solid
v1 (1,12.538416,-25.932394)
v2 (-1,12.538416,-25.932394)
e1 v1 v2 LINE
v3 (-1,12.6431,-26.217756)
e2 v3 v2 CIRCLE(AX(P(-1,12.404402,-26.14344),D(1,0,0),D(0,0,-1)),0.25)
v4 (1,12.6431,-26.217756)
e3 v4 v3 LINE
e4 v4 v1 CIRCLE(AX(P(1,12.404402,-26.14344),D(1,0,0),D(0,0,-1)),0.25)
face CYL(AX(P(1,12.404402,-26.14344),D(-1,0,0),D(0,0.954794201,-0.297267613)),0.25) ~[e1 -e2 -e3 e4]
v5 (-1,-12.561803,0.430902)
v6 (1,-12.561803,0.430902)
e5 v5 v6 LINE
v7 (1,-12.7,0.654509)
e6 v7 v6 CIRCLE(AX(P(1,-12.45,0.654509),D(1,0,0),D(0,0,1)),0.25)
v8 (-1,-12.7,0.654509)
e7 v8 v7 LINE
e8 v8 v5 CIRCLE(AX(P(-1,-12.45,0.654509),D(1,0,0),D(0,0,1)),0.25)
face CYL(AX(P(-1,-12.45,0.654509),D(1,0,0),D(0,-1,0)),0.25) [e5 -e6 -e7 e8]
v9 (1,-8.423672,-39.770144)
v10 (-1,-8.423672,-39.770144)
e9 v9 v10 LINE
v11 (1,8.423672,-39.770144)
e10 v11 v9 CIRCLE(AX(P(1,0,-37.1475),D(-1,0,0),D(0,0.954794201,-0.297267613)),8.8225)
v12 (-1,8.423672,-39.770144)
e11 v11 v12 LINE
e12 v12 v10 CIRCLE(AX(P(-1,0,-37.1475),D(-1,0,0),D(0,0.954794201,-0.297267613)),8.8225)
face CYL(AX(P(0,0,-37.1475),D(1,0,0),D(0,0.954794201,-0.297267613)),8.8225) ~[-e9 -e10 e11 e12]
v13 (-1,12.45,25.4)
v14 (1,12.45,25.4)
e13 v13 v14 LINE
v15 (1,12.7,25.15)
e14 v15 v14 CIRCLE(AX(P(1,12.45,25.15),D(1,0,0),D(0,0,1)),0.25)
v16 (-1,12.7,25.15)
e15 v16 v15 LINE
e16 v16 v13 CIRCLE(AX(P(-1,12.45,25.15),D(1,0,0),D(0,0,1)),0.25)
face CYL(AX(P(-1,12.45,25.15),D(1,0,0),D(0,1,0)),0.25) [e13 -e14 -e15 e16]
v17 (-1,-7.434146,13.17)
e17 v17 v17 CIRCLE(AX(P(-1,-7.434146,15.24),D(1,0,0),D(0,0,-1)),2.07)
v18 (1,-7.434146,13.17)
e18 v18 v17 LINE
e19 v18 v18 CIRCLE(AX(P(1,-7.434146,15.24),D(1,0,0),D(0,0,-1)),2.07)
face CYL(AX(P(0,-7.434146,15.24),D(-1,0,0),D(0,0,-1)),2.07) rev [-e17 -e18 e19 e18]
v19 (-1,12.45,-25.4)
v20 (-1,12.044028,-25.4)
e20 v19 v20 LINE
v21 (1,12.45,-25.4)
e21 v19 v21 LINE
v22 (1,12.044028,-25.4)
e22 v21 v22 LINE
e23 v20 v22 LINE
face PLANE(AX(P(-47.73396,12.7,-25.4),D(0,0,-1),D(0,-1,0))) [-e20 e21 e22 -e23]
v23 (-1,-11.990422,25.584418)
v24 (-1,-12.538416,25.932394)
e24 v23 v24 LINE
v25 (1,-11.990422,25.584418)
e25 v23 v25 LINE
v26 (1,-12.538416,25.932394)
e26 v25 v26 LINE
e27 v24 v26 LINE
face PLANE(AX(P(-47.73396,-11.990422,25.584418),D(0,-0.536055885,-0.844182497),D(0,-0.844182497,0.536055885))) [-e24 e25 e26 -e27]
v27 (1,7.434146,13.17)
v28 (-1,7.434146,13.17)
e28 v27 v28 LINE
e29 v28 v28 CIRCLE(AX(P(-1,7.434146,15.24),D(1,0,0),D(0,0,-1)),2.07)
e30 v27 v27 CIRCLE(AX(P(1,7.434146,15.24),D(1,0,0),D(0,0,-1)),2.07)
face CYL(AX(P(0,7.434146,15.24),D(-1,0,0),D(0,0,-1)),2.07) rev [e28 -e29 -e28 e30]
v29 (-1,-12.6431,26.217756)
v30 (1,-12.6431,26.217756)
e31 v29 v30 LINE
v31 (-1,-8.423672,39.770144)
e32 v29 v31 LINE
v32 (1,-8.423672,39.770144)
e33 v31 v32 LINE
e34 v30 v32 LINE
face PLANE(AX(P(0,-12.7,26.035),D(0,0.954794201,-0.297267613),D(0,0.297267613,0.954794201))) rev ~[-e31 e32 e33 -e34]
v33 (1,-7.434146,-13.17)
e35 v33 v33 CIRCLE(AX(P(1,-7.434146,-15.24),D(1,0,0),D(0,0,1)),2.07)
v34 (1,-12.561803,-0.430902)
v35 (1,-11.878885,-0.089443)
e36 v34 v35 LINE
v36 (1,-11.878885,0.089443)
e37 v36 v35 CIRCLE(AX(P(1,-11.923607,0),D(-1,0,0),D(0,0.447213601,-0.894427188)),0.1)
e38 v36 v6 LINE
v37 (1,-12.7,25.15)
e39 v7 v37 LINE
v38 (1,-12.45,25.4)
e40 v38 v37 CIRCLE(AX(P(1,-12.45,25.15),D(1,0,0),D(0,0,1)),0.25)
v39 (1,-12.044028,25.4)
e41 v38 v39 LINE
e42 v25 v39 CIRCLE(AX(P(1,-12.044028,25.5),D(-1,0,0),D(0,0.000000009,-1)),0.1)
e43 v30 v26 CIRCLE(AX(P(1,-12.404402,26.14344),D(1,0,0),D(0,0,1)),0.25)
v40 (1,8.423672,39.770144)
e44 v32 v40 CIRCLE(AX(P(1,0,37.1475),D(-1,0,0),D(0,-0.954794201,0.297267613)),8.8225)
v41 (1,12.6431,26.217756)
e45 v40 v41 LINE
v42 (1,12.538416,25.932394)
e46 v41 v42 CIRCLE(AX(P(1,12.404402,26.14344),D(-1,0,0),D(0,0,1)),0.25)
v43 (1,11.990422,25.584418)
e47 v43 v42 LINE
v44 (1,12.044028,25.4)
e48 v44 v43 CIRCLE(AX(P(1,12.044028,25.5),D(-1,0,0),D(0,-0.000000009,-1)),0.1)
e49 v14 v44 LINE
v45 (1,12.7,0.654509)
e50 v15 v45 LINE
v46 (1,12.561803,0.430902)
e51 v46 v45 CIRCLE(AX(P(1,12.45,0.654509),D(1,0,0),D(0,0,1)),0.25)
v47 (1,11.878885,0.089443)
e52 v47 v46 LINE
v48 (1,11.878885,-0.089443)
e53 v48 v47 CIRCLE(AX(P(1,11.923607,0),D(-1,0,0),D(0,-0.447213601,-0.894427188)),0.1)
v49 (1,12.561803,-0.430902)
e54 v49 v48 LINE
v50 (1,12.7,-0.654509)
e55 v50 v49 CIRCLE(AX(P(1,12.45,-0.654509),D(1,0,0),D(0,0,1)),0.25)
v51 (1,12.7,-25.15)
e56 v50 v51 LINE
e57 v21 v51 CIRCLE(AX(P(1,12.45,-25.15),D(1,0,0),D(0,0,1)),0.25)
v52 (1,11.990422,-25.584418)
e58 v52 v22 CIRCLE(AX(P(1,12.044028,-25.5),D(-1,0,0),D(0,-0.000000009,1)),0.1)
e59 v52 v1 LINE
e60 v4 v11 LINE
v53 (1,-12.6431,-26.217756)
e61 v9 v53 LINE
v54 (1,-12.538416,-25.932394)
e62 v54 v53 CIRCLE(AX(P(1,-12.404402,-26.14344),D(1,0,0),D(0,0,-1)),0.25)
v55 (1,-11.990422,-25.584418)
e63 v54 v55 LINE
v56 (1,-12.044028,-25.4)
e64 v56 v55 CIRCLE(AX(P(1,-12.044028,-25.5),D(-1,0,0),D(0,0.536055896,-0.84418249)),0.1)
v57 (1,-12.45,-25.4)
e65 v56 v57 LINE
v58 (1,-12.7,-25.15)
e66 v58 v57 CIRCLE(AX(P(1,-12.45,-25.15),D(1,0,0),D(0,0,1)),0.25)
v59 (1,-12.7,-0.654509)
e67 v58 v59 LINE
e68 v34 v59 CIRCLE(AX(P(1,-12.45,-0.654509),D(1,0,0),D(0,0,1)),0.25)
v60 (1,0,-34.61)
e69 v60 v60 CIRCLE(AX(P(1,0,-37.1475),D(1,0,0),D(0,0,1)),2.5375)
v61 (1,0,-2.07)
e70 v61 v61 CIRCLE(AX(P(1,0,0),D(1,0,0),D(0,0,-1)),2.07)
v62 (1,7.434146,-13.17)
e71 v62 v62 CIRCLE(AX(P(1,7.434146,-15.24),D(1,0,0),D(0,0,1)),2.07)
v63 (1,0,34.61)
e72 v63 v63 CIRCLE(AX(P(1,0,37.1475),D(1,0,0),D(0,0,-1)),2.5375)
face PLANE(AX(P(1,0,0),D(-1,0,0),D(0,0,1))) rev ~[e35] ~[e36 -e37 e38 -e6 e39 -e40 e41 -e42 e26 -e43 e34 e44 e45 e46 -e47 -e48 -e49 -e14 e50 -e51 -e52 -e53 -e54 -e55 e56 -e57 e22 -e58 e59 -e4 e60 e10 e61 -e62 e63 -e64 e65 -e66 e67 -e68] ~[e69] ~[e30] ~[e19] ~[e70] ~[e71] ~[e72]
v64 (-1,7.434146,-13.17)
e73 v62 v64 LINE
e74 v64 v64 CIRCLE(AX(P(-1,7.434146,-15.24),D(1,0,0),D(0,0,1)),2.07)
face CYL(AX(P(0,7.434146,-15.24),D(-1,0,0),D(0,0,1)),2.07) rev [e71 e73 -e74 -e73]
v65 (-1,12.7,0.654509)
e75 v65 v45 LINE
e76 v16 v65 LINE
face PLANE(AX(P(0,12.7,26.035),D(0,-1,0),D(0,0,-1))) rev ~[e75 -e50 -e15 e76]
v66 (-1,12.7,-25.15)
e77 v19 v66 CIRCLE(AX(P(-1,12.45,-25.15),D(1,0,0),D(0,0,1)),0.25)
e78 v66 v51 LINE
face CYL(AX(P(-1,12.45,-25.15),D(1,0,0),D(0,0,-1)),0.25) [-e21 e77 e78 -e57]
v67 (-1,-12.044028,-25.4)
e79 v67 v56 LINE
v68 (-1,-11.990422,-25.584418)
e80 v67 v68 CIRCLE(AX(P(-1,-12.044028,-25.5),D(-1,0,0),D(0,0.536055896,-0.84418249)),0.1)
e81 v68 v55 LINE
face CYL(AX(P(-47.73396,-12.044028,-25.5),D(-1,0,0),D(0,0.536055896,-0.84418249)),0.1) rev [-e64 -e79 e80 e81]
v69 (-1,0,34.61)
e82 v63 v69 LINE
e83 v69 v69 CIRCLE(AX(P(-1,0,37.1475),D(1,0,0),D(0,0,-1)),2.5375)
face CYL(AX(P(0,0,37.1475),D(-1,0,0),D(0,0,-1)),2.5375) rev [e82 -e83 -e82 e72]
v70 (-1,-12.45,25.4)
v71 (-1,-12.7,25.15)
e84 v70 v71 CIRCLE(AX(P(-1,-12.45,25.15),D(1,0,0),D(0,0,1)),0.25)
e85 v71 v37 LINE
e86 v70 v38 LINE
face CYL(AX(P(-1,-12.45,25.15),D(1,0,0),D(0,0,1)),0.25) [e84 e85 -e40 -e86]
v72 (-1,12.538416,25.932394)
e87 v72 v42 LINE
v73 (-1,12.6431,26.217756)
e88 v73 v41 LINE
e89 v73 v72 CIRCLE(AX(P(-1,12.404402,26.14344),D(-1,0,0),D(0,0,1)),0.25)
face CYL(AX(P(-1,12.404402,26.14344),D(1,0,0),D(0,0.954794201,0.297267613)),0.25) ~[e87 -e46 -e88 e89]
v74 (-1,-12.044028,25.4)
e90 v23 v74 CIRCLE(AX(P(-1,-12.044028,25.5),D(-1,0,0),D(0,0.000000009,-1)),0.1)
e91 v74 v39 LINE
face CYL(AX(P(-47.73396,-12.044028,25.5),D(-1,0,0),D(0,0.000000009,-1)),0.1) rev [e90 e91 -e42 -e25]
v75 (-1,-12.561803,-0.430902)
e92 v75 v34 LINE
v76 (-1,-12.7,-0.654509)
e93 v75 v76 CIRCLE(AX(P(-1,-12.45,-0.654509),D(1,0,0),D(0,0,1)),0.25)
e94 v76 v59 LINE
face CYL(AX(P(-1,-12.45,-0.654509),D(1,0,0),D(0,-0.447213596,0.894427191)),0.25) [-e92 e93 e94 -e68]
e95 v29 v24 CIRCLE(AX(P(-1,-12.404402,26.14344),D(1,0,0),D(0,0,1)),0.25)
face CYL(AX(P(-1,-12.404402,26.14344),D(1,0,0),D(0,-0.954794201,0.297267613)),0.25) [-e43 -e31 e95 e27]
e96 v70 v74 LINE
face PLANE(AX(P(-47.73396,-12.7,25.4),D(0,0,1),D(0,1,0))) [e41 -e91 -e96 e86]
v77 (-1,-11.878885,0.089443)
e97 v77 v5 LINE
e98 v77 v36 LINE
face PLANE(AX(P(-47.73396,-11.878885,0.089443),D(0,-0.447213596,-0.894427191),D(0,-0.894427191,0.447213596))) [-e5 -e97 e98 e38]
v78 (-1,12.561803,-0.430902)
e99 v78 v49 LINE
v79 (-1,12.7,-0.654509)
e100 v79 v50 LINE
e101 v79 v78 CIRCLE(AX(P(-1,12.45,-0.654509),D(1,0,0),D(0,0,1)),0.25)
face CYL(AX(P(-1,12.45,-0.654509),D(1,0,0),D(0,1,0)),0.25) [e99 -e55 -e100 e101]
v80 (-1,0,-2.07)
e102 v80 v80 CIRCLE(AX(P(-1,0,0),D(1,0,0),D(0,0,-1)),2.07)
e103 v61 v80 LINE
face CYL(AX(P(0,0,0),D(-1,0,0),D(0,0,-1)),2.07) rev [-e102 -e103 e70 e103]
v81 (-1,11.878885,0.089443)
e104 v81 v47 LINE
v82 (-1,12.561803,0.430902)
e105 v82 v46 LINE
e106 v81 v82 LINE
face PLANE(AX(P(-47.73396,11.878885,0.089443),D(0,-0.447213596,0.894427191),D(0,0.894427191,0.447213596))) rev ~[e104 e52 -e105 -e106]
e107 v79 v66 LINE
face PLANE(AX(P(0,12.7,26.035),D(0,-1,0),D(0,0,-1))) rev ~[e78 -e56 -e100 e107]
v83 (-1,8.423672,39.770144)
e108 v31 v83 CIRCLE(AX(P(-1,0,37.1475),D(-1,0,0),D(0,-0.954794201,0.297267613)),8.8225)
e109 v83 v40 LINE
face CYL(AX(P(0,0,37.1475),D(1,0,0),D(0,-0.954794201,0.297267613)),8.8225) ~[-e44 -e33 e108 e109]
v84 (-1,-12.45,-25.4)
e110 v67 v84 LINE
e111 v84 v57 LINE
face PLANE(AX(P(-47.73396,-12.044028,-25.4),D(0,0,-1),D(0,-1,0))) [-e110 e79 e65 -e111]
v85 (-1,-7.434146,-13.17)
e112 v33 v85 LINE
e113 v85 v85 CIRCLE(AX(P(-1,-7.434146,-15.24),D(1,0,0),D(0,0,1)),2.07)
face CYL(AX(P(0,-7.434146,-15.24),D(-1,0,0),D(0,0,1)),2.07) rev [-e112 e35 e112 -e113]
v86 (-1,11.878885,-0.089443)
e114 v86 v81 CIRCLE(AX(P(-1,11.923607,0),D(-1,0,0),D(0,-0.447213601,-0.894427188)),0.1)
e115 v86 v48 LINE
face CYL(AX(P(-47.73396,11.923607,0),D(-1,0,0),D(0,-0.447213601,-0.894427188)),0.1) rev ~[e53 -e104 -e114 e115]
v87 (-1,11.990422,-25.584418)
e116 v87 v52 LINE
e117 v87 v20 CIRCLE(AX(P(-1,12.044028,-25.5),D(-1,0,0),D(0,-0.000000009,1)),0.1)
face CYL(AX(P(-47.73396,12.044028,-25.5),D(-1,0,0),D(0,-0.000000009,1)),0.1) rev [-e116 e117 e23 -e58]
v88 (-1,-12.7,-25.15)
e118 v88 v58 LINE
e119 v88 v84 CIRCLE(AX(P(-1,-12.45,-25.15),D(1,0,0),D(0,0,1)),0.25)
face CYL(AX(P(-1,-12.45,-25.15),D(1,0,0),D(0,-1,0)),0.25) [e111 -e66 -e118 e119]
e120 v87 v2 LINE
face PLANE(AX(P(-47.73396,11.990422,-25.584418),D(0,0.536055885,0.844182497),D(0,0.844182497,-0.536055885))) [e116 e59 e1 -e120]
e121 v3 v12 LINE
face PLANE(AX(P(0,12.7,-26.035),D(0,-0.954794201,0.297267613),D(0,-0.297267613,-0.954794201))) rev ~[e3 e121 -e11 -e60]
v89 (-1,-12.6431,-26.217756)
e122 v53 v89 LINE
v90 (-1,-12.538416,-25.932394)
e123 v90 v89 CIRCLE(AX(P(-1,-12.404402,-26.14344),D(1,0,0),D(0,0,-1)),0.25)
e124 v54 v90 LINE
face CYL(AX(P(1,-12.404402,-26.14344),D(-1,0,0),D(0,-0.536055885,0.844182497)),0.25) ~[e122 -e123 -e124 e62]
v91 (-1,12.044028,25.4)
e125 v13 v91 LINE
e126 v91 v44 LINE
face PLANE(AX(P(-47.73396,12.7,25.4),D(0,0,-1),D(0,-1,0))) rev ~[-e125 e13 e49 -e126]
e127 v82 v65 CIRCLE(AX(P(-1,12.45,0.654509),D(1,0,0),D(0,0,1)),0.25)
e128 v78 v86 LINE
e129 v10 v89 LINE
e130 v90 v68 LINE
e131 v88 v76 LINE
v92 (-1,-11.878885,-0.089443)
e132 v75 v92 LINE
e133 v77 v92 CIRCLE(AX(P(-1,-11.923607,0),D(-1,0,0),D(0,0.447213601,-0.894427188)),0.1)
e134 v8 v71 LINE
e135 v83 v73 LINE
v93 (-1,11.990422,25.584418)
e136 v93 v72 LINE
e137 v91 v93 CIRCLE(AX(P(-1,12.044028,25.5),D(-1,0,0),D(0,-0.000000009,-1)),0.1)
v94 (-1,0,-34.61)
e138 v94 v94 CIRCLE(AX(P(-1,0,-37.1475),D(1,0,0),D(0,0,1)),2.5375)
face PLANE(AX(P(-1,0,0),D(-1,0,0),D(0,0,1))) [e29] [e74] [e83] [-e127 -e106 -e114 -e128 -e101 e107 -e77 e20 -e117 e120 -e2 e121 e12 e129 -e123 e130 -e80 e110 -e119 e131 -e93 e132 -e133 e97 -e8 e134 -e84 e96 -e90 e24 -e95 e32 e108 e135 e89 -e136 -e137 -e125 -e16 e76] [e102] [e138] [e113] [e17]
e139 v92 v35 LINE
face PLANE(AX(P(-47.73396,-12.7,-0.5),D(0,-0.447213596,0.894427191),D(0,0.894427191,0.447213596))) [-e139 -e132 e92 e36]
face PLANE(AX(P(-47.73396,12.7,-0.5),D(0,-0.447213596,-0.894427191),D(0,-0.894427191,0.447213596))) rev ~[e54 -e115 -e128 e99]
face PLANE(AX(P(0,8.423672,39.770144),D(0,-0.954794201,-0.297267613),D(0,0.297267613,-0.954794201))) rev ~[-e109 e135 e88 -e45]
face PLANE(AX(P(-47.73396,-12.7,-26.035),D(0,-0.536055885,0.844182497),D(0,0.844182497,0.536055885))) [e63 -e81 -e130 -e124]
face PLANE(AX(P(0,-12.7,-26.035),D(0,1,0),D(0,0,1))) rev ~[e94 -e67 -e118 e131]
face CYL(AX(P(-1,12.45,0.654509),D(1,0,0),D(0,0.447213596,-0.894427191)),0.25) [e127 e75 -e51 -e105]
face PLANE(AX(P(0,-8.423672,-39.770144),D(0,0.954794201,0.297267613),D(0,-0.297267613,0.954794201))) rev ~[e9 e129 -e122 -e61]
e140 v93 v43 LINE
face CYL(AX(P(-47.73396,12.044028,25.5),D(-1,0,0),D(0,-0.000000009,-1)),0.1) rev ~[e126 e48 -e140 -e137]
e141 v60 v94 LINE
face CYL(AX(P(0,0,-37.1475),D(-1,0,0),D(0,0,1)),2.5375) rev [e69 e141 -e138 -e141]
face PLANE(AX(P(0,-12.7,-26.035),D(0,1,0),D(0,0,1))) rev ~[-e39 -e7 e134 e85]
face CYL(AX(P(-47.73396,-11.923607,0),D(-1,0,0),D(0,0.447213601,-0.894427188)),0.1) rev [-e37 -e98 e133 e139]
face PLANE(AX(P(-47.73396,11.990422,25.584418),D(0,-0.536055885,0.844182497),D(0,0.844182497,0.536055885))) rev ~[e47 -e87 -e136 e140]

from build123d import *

# Parameters (mm, degrees)
SKETCH1_R               = 2.07
SKETCH1_R_2             = 2.5375
BOSS_EXTRUDE1_DEPTH     = 1
CUT_EXTRUDE1_DEPTH      = 48.733959609
CUT_EXTRUDE1_DEPTH_BACK = 48.733959609
FILLET1_R               = 0.250000008


with BuildPart() as part:
    # Sketch1 → Boss-Extrude1 (new, symmetric)
    with BuildSketch(Plane(origin=(0, 0, 0), x_dir=(0, 0, -1), z_dir=(1, 0, 0))):
        with BuildLine():
            Line((-26.035, 12.7), (26.035, 12.7))
            Line((26.035, 12.7), (39.770143518, 8.423671838))
            ThreePointArc((39.770143518, 8.423671838), (45.97, 0), (39.770143518, -8.423671838))
            Line((39.770143518, -8.423671838), (26.035, -12.7))
            Line((26.035, -12.7), (-26.035, -12.7))
            Line((-26.035, -12.7), (-39.770143518, -8.423671838))
            ThreePointArc((-39.770143518, -8.423671838), (-45.97, 0), (-39.770143518, 8.423671838))
            Line((-39.770143518, 8.423671838), (-26.035, 12.7))
        make_face()
        Circle(SKETCH1_R, mode=Mode.SUBTRACT)
        with Locations((-15.24, 7.434146341)):
            Circle(SKETCH1_R, mode=Mode.SUBTRACT)
        with Locations((-15.24, -7.434146341)):
            Circle(SKETCH1_R, mode=Mode.SUBTRACT)
        with Locations(Location((15.24, -7.434146341, 0), (0, 0, 180))):
            Circle(SKETCH1_R, mode=Mode.SUBTRACT)
        with Locations(Location((15.24, 7.434146341, 0), (0, 0, 180))):
            Circle(SKETCH1_R, mode=Mode.SUBTRACT)
        with Locations((-37.1475, 0)):
            Circle(SKETCH1_R_2, mode=Mode.SUBTRACT)
        with Locations(Location((37.1475, 0, 0), (0, 0, 180))):
            Circle(SKETCH1_R_2, mode=Mode.SUBTRACT)
    extrude(amount=BOSS_EXTRUDE1_DEPTH, both=True)

    # Sketch2 → Cut-Extrude1 (cut, two sides: drawn at the far end of the back side and taken through both)
    with BuildSketch(Plane(origin=(1, 0, 0), x_dir=(0, 0, -1), z_dir=(1, 0, 0)).offset(-CUT_EXTRUDE1_DEPTH_BACK)):
        with BuildLine():
            Line((-25.4, 12.7), (-25.4, 12.044028029))
            ThreePointArc((-25.4, 12.044028029), (-25.472087861, 11.948002447), (-25.58441825, 11.99042244))
            Line((-25.58441825, 11.99042244), (-26.035, 12.7))
            Line((-26.035, 12.7), (-25.4, 12.7))
        make_face()
        with BuildLine():
            Line((25.4, 12.7), (25.4, 12.044028029))
            ThreePointArc((25.4, 12.044028029), (25.472087861, 11.948002447), (25.58441825, 11.99042244))
            Line((25.58441825, 11.99042244), (26.035, 12.7))
            Line((26.035, 12.7), (25.4, 12.7))
        make_face()
        with BuildLine():
            Line((25.4, -12.7), (26.035, -12.7))
            Line((26.035, -12.7), (25.58441825, -11.99042244))
            ThreePointArc((25.58441825, -11.99042244), (25.472087861, -11.948002447), (25.4, -12.044028029))
            Line((25.4, -12.044028029), (25.4, -12.7))
        make_face()
        with BuildLine():
            Line((-25.4, -12.7), (-25.4, -12.044028029))
            ThreePointArc((-25.4, -12.044028029), (-25.472087861, -11.948002447), (-25.58441825, -11.99042244))
            Line((-25.58441825, -11.99042244), (-26.035, -12.7))
            Line((-26.035, -12.7), (-25.4, -12.7))
        make_face()
        with BuildLine():
            Line((-0.5, 12.7), (0.5, 12.7))
            Line((0.5, 12.7), (0.089442719, 11.878885438))
            ThreePointArc((0.089442719, 11.878885438), (0, 11.823606798), (-0.089442719, 11.878885438))
            Line((-0.089442719, 11.878885438), (-0.5, 12.7))
        make_face()
        with BuildLine():
            Line((-0.5, -12.7), (0.5, -12.7))
            Line((0.5, -12.7), (0.089442719, -11.878885438))
            ThreePointArc((0.089442719, -11.878885438), (0, -11.823606798), (-0.089442719, -11.878885438))
            Line((-0.089442719, -11.878885438), (-0.5, -12.7))
        make_face()
    extrude(amount=CUT_EXTRUDE1_DEPTH + CUT_EXTRUDE1_DEPTH_BACK, mode=Mode.SUBTRACT)

    # Fillet1
    fillet1_edges = [part.edges().sort_by_distance(p)[0] for p in [
        (0, -12.7, -0.5),
        (0, -12.7, 0.5),
        (0, 12.7, 0.5),
        (0, 12.7, -0.5),
        (0, 12.7, 25.4),
        (0, -12.7, -26.035),
        (0, -12.7, 26.035),
        (0, 12.7, 26.035),
        (0, 12.7, -26.035),
        (0, 12.7, -25.4),
        (0, -12.7, -25.4),
        (0, -12.7, 25.4),
    ]]
    fillet(fillet1_edges, radius=FILLET1_R)


solid = part.part
